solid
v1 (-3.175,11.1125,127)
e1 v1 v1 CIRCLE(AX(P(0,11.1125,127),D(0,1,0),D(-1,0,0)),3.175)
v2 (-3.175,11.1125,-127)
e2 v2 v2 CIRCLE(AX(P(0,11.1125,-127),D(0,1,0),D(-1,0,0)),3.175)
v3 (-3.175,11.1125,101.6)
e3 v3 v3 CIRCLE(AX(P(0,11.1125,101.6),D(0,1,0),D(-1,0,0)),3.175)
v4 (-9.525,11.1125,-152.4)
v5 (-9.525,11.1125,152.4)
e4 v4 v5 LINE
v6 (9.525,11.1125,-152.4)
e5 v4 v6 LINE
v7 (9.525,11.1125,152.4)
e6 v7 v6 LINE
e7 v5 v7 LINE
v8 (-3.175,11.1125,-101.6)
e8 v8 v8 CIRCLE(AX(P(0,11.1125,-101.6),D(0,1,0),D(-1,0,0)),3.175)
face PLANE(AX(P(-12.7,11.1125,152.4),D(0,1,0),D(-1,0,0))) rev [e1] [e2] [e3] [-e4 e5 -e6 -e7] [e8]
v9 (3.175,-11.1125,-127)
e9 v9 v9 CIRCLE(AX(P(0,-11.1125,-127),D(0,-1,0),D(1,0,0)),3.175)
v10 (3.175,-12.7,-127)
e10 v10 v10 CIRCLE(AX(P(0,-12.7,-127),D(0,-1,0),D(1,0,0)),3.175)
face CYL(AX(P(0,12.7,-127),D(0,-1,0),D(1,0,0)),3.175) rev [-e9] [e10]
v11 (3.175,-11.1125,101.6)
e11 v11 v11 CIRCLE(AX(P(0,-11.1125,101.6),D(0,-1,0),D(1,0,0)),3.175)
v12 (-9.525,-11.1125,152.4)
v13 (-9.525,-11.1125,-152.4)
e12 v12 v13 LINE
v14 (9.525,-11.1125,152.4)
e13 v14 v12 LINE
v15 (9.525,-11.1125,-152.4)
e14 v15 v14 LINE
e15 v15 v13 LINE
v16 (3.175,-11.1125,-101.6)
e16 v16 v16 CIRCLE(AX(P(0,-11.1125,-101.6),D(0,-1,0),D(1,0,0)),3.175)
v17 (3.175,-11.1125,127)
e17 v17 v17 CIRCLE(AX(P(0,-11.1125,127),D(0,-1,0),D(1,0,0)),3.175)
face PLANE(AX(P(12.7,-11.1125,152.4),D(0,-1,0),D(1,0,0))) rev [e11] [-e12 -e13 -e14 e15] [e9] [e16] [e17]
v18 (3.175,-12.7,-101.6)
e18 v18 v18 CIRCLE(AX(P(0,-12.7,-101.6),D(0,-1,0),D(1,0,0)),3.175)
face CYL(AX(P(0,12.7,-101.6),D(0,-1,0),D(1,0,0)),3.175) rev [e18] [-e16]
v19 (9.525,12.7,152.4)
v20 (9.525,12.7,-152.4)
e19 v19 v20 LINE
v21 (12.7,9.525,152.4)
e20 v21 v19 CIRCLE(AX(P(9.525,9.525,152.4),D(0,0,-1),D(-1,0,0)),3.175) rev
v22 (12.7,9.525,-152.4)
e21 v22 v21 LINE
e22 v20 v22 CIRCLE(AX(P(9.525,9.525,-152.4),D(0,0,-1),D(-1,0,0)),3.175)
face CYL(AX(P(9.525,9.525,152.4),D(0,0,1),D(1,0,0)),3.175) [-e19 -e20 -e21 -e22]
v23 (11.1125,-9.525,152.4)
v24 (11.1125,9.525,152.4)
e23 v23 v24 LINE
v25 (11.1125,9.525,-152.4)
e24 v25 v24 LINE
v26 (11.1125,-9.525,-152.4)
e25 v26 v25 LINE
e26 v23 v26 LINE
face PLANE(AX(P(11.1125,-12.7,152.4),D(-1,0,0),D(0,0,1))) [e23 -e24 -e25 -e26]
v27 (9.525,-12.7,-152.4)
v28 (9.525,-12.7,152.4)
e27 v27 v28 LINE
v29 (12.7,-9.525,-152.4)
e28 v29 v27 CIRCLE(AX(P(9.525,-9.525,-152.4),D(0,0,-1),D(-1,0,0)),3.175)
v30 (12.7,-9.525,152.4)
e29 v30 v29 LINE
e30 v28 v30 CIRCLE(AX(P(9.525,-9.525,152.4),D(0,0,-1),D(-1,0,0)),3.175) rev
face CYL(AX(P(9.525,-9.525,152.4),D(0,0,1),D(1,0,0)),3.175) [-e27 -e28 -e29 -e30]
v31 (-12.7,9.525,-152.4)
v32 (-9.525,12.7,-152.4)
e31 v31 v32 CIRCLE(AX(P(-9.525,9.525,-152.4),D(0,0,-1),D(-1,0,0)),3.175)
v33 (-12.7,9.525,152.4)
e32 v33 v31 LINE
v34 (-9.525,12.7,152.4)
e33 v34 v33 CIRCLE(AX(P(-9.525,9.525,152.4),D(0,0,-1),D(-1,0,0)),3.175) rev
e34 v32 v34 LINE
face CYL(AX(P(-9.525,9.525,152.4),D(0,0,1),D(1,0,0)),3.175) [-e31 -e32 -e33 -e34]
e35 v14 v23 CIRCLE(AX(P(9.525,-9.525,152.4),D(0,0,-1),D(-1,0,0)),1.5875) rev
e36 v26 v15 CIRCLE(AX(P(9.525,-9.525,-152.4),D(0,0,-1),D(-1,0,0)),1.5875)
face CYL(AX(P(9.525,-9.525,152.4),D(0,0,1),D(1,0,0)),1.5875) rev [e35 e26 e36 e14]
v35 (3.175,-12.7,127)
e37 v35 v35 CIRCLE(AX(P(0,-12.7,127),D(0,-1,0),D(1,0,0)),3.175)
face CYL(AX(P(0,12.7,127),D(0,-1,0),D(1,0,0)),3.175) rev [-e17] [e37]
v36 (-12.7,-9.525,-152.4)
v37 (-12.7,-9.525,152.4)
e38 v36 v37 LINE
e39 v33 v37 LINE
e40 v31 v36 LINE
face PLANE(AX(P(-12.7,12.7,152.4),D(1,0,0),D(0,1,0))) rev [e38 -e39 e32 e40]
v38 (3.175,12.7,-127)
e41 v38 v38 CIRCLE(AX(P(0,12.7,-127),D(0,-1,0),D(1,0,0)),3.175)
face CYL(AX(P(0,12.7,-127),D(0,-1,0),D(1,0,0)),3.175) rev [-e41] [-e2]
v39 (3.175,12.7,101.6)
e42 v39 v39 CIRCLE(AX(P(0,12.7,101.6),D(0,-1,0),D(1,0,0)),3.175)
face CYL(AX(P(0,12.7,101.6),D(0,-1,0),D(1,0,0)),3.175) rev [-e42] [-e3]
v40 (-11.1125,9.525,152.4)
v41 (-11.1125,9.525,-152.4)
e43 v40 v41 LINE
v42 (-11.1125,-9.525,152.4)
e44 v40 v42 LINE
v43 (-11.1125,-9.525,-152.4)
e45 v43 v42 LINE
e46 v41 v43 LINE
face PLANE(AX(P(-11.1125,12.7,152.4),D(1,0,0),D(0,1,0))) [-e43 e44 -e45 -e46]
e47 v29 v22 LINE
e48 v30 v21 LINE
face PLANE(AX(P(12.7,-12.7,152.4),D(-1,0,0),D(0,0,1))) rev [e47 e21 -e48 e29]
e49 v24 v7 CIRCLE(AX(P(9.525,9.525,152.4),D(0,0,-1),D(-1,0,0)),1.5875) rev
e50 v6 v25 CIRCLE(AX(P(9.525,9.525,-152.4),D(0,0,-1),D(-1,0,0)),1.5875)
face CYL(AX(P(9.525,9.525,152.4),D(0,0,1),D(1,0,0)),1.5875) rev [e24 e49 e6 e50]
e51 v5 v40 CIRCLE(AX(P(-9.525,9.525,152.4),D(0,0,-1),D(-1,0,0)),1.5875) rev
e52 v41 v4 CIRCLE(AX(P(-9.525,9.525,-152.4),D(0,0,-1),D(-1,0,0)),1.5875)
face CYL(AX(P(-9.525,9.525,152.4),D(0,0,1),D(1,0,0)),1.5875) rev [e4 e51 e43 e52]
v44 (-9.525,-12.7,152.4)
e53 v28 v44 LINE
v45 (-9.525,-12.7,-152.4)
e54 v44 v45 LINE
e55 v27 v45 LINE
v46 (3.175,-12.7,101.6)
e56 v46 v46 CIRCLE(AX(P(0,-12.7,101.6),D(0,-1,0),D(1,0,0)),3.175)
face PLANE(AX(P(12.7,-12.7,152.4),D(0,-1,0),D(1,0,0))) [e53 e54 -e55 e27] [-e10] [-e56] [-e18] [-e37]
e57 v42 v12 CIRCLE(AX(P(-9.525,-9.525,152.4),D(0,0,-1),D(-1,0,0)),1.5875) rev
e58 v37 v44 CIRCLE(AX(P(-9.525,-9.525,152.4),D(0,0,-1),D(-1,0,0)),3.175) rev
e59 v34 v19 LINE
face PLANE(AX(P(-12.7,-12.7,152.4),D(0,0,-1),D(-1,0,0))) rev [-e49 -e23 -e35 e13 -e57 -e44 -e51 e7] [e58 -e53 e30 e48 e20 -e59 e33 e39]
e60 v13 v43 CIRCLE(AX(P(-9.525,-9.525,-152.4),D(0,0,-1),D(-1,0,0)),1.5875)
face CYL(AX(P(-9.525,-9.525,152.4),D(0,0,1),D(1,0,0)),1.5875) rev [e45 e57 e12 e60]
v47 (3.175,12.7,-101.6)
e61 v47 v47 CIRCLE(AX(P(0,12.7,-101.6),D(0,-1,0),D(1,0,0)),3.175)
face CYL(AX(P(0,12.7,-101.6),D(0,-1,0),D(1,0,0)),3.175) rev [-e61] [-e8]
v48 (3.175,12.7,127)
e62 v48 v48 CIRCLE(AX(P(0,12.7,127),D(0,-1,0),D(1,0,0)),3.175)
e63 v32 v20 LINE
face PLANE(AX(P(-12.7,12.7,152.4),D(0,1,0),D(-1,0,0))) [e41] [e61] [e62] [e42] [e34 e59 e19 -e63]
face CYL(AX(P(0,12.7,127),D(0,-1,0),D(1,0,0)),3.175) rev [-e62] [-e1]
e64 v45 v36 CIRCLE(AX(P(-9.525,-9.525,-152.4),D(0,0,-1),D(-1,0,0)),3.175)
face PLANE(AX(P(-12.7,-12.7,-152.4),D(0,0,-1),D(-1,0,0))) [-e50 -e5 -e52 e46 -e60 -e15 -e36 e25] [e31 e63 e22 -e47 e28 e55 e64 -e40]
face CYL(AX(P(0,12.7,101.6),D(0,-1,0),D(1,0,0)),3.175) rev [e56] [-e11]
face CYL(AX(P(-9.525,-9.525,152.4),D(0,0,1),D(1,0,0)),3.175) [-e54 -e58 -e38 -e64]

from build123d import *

# Parameters (mm, degrees)
SKETCH1_W          = 25.4
SKETCH1_H          = 25.4
BASE_EXTRUDE_DEPTH = 152.4
FILLET1_R          = 3.175
SHELL1_T           = -1.5875
SKETCH5_R          = 3.175
CUT_EXTRUDE2_DEPTH = 156.02325632


with BuildPart() as part:
    # Sketch1 → Base-Extrude (new, symmetric)
    with BuildSketch(Plane.XY):
        Rectangle(SKETCH1_W, SKETCH1_H)
    extrude(amount=BASE_EXTRUDE_DEPTH, both=True)

    # Fillet1
    fillet1_edges = [part.edges().sort_by_distance(p)[0] for p in [
        (-12.7, 12.7, 0),
        (12.7, 12.7, 0),
        (12.7, -12.7, 0),
        (-12.7, -12.7, 0),
    ]]
    fillet(fillet1_edges, radius=FILLET1_R)

    # Shell1
    shell1_openings = [part.faces().sort_by_distance(p)[0] for p in [
        (0, 0, 152.4),
        (0, 0, -152.4),
    ]]
    offset(amount=SHELL1_T, openings=shell1_openings, kind=Kind.INTERSECTION)

    # Sketch5 → Cut-Extrude2 (cut, through all)
    with BuildSketch(Plane.XZ.offset(12.7)):
        with Locations((0, 127)):
            Circle(SKETCH5_R)
        with Locations((0, 101.6)):
            Circle(SKETCH5_R)
        with Locations((0, -127)):
            Circle(SKETCH5_R)
        with Locations((0, -101.6)):
            Circle(SKETCH5_R)
    extrude(amount=-CUT_EXTRUDE2_DEPTH, mode=Mode.SUBTRACT)


solid = part.part
